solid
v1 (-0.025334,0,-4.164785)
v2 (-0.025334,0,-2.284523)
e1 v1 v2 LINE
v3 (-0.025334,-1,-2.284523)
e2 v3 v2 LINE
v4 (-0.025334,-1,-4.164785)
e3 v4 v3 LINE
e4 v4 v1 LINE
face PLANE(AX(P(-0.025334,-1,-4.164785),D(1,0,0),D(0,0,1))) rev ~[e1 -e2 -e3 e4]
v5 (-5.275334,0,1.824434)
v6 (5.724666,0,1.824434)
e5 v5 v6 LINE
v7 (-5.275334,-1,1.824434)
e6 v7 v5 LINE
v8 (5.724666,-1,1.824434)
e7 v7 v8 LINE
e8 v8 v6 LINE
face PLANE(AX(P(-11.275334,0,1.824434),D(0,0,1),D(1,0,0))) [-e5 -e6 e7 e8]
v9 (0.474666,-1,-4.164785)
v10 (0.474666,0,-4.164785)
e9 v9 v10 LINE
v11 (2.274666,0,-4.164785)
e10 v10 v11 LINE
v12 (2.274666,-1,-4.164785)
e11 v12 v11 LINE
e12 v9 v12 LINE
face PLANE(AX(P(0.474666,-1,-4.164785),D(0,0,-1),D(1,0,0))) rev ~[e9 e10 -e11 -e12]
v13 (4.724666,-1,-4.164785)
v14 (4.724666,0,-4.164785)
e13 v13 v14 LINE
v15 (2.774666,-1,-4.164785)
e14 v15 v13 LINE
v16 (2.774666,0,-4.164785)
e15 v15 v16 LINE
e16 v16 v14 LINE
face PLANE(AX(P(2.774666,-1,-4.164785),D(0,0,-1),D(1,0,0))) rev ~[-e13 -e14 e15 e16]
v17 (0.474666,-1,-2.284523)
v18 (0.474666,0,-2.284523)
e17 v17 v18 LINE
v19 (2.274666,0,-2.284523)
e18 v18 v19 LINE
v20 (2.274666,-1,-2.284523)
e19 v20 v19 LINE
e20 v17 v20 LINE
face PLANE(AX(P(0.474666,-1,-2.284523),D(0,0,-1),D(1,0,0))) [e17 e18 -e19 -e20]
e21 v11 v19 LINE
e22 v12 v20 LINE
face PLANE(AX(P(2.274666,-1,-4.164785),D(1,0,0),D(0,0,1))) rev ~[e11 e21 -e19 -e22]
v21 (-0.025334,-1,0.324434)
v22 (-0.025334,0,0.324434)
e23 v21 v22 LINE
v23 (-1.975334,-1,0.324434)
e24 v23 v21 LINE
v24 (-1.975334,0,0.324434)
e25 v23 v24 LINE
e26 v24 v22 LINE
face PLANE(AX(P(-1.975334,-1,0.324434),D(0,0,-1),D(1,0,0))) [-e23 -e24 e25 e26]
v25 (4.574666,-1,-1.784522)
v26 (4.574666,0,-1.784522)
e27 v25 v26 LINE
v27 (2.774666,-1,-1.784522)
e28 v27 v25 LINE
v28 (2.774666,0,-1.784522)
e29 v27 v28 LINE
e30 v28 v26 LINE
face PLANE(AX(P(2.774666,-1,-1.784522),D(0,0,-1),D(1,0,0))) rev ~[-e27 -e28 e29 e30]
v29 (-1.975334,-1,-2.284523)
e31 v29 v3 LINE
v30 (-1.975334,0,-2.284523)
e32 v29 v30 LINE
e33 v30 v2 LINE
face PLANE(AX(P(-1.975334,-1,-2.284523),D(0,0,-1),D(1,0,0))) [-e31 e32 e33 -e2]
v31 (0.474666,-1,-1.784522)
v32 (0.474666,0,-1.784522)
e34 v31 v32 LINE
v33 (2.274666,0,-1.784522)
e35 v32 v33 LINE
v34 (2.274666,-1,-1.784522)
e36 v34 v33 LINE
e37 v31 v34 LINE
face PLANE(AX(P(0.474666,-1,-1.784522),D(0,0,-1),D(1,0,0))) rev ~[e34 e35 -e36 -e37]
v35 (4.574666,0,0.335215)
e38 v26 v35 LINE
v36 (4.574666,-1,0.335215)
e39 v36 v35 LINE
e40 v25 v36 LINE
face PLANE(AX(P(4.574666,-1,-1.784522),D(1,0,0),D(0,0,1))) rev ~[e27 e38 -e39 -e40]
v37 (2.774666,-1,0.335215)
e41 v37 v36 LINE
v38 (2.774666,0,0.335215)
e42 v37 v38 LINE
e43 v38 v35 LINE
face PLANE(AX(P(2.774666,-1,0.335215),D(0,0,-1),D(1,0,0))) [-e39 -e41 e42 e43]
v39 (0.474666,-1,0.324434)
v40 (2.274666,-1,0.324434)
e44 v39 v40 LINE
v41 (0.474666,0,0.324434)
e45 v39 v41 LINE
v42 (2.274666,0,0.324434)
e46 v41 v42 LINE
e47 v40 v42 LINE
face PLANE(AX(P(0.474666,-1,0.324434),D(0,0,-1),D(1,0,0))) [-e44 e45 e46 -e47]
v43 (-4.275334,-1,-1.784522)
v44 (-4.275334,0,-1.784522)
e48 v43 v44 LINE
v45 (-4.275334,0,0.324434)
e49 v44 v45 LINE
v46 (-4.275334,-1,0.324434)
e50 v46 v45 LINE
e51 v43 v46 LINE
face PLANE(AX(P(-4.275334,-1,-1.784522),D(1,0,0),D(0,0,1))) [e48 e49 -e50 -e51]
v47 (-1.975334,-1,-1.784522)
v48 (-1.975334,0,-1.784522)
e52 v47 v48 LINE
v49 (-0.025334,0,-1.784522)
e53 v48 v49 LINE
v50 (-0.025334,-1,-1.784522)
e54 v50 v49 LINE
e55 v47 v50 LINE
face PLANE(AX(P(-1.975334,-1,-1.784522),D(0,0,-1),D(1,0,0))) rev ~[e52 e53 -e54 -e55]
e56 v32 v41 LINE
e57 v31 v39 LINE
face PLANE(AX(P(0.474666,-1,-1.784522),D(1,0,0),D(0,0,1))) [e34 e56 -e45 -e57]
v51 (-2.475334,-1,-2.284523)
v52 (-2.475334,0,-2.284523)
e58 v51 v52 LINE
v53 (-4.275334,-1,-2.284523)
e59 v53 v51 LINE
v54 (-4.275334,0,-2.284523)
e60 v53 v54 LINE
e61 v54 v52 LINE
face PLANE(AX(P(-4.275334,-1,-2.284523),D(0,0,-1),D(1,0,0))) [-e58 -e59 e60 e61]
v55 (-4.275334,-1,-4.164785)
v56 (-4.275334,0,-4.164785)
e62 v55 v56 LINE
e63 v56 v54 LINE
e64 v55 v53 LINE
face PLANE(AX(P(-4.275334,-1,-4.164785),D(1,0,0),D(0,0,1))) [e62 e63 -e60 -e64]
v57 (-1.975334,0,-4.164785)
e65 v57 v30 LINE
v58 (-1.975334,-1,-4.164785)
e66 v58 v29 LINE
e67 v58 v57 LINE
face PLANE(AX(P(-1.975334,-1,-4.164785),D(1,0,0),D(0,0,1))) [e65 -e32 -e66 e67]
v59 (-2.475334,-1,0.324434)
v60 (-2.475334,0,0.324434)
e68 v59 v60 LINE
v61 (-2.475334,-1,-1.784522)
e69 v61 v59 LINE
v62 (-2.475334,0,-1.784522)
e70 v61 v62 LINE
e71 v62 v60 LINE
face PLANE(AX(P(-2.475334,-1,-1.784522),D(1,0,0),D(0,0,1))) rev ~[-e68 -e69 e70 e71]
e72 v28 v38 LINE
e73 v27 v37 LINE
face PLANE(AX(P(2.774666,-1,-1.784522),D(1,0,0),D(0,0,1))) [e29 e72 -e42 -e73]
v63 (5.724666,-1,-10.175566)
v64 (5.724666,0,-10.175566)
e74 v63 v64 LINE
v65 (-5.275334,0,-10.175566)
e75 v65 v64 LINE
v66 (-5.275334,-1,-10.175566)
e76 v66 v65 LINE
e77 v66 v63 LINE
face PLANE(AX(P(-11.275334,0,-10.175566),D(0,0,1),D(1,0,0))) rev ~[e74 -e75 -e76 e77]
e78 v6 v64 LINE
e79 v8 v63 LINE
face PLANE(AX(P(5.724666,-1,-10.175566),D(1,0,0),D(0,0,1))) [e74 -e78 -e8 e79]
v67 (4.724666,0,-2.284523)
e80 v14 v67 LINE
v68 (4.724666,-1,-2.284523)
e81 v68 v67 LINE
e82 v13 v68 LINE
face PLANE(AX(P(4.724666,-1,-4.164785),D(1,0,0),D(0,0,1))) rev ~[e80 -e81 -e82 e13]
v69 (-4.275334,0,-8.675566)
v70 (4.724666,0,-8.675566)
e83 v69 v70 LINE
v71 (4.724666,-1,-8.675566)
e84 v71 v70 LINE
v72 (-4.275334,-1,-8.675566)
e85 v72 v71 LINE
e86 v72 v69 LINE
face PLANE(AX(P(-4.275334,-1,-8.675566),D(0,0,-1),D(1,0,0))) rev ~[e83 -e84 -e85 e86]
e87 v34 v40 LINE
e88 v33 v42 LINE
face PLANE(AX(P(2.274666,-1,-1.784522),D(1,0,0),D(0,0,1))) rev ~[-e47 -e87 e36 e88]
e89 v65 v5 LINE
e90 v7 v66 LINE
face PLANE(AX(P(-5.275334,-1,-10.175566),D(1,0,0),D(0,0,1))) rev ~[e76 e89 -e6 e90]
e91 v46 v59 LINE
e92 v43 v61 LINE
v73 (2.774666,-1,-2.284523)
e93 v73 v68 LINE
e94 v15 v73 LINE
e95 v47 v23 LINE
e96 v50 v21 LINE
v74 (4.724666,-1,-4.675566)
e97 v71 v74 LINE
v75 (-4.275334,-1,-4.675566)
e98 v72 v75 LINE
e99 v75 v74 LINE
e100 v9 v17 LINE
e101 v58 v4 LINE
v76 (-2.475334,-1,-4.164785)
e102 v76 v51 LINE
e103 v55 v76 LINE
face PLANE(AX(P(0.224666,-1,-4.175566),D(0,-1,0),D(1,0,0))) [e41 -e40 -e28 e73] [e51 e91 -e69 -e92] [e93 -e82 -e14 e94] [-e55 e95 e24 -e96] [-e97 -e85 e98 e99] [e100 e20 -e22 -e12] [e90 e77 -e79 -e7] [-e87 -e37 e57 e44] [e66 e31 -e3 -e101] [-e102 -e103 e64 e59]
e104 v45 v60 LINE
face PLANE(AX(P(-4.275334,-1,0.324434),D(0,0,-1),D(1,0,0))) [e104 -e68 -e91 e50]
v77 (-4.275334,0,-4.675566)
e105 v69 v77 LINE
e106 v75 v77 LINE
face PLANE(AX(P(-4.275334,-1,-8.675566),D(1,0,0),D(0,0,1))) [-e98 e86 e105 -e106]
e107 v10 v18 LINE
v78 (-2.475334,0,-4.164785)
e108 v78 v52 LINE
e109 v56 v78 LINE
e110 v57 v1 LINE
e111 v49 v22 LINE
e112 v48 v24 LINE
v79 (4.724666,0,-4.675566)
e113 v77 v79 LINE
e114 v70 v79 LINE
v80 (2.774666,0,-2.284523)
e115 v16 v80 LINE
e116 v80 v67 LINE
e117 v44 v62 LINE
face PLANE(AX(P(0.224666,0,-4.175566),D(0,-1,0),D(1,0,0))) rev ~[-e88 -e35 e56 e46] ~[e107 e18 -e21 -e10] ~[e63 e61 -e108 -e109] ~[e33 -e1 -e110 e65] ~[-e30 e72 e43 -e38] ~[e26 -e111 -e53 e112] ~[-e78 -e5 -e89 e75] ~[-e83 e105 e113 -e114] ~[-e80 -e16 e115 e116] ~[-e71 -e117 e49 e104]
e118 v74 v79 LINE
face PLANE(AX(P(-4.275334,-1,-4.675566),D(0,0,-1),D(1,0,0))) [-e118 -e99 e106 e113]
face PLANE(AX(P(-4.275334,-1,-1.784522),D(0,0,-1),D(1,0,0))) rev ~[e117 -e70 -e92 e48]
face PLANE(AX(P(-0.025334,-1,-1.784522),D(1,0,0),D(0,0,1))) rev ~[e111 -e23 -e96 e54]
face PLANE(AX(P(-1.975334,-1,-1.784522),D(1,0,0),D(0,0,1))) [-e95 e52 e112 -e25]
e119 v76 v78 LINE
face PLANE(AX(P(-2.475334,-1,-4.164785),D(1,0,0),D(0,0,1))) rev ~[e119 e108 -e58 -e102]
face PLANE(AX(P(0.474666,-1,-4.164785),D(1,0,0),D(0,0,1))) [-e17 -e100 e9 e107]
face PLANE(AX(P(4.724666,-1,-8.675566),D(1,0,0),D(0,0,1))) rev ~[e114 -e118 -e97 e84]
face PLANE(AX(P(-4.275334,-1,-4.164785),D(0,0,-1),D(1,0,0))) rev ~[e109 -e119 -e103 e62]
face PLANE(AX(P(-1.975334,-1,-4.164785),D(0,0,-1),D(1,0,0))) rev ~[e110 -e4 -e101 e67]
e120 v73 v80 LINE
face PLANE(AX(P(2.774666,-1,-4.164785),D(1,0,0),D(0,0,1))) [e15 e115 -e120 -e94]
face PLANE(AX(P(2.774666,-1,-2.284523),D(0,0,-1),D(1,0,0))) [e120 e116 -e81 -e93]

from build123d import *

# Parameters (mm, degrees)
SKETCH_W        = 23
SKETCH_H        = 12
PAD_DEPTH       = 1
SKETCH001_W     = 4
SKETCH001_H     = 4
SKETCH001_W_2   = 9
SKETCH001_W_3   = 1.8
SKETCH001_H_2   = 2.119738
SKETCH001_W_4   = 1.7
SKETCH001_H_3   = 1.880262
SKETCH001_H_4   = 2.108956
SKETCH001_W_5   = 1.95
SKETCH001_H_5   = 1.880263
SKETCH001_H_6   = 2.119737
POCKET_DEPTH    = 5
SKETCH002_W     = 6
SKETCH002_H     = 12
POCKET001_DEPTH = 5


with BuildPart() as part:
    # Sketch → Pad (new body)
    with BuildSketch(Plane.XZ):
        with Locations((0.224666, -4.175566)):
            Rectangle(SKETCH_W, SKETCH_H)
    extrude(amount=PAD_DEPTH)

    # Sketch001 (on Face6 of Pad) → Pocket (cut)
    with BuildSketch(Plane.XZ.offset(1)):
        with Locations((-7.275334, -6.675566)):
            Rectangle(SKETCH001_W, SKETCH001_H)
        with Locations((7.724666, -6.675566)):
            Rectangle(SKETCH001_W, SKETCH001_H)
        with Locations((0.224666, -6.675566)):
            Rectangle(SKETCH001_W_2, SKETCH001_H)
        with Locations((-8.375334, -0.735435)):
            Rectangle(SKETCH001_W_3, SKETCH001_H_2)
        with Locations((-6.125334, -0.735435)):
            Rectangle(SKETCH001_W_4, SKETCH001_H_2)
        with Locations((-8.375334, -3.235435)):
            Rectangle(SKETCH001_W_3, SKETCH001_H_3)
        with Locations((-6.125334, -3.235435)):
            Rectangle(SKETCH001_W_4, SKETCH001_H_3)
        with Locations((-3.375334, -0.730044)):
            Rectangle(SKETCH001_W_3, SKETCH001_H_4)
        with Locations((-1.000334, -0.730044)):
            Rectangle(SKETCH001_W_5, SKETCH001_H_4)
        with Locations((-3.375334, -3.224654)):
            Rectangle(SKETCH001_W_3, SKETCH001_H_5)
        with Locations((-1.000334, -3.224654)):
            Rectangle(SKETCH001_W_5, SKETCH001_H_5)
        with Locations((1.374666, -0.730044)):
            Rectangle(SKETCH001_W_3, SKETCH001_H_4)
        with Locations((3.674666, -0.724653)):
            Rectangle(SKETCH001_W_3, SKETCH001_H_6)
        with Locations((1.374666, -3.224654)):
            Rectangle(SKETCH001_W_3, SKETCH001_H_5)
        with Locations((3.749666, -3.224654)):
            Rectangle(SKETCH001_W_5, SKETCH001_H_5)
        with Locations((6.624666, -0.732224)):
            Rectangle(SKETCH001_W_3, SKETCH001_H_2)
        with Locations((8.874666, -0.732224)):
            Rectangle(SKETCH001_W_4, SKETCH001_H_2)
        with Locations((6.624666, -3.232224)):
            Rectangle(SKETCH001_W_3, SKETCH001_H_3)
        with Locations((8.874666, -3.232224)):
            Rectangle(SKETCH001_W_4, SKETCH001_H_3)
    extrude(amount=-POCKET_DEPTH, mode=Mode.SUBTRACT)

    # Sketch002 (on Face5 of Pocket) → Pocket001 (cut)
    with BuildSketch(Plane.XZ.offset(1)):
        with Locations((-8.275334, -4.175566)):
            Rectangle(SKETCH002_W, SKETCH002_H)
        with Locations((8.724666, -4.175566)):
            Rectangle(SKETCH002_W, SKETCH002_H)
    extrude(amount=-POCKET001_DEPTH, mode=Mode.SUBTRACT)


solid = part.part
